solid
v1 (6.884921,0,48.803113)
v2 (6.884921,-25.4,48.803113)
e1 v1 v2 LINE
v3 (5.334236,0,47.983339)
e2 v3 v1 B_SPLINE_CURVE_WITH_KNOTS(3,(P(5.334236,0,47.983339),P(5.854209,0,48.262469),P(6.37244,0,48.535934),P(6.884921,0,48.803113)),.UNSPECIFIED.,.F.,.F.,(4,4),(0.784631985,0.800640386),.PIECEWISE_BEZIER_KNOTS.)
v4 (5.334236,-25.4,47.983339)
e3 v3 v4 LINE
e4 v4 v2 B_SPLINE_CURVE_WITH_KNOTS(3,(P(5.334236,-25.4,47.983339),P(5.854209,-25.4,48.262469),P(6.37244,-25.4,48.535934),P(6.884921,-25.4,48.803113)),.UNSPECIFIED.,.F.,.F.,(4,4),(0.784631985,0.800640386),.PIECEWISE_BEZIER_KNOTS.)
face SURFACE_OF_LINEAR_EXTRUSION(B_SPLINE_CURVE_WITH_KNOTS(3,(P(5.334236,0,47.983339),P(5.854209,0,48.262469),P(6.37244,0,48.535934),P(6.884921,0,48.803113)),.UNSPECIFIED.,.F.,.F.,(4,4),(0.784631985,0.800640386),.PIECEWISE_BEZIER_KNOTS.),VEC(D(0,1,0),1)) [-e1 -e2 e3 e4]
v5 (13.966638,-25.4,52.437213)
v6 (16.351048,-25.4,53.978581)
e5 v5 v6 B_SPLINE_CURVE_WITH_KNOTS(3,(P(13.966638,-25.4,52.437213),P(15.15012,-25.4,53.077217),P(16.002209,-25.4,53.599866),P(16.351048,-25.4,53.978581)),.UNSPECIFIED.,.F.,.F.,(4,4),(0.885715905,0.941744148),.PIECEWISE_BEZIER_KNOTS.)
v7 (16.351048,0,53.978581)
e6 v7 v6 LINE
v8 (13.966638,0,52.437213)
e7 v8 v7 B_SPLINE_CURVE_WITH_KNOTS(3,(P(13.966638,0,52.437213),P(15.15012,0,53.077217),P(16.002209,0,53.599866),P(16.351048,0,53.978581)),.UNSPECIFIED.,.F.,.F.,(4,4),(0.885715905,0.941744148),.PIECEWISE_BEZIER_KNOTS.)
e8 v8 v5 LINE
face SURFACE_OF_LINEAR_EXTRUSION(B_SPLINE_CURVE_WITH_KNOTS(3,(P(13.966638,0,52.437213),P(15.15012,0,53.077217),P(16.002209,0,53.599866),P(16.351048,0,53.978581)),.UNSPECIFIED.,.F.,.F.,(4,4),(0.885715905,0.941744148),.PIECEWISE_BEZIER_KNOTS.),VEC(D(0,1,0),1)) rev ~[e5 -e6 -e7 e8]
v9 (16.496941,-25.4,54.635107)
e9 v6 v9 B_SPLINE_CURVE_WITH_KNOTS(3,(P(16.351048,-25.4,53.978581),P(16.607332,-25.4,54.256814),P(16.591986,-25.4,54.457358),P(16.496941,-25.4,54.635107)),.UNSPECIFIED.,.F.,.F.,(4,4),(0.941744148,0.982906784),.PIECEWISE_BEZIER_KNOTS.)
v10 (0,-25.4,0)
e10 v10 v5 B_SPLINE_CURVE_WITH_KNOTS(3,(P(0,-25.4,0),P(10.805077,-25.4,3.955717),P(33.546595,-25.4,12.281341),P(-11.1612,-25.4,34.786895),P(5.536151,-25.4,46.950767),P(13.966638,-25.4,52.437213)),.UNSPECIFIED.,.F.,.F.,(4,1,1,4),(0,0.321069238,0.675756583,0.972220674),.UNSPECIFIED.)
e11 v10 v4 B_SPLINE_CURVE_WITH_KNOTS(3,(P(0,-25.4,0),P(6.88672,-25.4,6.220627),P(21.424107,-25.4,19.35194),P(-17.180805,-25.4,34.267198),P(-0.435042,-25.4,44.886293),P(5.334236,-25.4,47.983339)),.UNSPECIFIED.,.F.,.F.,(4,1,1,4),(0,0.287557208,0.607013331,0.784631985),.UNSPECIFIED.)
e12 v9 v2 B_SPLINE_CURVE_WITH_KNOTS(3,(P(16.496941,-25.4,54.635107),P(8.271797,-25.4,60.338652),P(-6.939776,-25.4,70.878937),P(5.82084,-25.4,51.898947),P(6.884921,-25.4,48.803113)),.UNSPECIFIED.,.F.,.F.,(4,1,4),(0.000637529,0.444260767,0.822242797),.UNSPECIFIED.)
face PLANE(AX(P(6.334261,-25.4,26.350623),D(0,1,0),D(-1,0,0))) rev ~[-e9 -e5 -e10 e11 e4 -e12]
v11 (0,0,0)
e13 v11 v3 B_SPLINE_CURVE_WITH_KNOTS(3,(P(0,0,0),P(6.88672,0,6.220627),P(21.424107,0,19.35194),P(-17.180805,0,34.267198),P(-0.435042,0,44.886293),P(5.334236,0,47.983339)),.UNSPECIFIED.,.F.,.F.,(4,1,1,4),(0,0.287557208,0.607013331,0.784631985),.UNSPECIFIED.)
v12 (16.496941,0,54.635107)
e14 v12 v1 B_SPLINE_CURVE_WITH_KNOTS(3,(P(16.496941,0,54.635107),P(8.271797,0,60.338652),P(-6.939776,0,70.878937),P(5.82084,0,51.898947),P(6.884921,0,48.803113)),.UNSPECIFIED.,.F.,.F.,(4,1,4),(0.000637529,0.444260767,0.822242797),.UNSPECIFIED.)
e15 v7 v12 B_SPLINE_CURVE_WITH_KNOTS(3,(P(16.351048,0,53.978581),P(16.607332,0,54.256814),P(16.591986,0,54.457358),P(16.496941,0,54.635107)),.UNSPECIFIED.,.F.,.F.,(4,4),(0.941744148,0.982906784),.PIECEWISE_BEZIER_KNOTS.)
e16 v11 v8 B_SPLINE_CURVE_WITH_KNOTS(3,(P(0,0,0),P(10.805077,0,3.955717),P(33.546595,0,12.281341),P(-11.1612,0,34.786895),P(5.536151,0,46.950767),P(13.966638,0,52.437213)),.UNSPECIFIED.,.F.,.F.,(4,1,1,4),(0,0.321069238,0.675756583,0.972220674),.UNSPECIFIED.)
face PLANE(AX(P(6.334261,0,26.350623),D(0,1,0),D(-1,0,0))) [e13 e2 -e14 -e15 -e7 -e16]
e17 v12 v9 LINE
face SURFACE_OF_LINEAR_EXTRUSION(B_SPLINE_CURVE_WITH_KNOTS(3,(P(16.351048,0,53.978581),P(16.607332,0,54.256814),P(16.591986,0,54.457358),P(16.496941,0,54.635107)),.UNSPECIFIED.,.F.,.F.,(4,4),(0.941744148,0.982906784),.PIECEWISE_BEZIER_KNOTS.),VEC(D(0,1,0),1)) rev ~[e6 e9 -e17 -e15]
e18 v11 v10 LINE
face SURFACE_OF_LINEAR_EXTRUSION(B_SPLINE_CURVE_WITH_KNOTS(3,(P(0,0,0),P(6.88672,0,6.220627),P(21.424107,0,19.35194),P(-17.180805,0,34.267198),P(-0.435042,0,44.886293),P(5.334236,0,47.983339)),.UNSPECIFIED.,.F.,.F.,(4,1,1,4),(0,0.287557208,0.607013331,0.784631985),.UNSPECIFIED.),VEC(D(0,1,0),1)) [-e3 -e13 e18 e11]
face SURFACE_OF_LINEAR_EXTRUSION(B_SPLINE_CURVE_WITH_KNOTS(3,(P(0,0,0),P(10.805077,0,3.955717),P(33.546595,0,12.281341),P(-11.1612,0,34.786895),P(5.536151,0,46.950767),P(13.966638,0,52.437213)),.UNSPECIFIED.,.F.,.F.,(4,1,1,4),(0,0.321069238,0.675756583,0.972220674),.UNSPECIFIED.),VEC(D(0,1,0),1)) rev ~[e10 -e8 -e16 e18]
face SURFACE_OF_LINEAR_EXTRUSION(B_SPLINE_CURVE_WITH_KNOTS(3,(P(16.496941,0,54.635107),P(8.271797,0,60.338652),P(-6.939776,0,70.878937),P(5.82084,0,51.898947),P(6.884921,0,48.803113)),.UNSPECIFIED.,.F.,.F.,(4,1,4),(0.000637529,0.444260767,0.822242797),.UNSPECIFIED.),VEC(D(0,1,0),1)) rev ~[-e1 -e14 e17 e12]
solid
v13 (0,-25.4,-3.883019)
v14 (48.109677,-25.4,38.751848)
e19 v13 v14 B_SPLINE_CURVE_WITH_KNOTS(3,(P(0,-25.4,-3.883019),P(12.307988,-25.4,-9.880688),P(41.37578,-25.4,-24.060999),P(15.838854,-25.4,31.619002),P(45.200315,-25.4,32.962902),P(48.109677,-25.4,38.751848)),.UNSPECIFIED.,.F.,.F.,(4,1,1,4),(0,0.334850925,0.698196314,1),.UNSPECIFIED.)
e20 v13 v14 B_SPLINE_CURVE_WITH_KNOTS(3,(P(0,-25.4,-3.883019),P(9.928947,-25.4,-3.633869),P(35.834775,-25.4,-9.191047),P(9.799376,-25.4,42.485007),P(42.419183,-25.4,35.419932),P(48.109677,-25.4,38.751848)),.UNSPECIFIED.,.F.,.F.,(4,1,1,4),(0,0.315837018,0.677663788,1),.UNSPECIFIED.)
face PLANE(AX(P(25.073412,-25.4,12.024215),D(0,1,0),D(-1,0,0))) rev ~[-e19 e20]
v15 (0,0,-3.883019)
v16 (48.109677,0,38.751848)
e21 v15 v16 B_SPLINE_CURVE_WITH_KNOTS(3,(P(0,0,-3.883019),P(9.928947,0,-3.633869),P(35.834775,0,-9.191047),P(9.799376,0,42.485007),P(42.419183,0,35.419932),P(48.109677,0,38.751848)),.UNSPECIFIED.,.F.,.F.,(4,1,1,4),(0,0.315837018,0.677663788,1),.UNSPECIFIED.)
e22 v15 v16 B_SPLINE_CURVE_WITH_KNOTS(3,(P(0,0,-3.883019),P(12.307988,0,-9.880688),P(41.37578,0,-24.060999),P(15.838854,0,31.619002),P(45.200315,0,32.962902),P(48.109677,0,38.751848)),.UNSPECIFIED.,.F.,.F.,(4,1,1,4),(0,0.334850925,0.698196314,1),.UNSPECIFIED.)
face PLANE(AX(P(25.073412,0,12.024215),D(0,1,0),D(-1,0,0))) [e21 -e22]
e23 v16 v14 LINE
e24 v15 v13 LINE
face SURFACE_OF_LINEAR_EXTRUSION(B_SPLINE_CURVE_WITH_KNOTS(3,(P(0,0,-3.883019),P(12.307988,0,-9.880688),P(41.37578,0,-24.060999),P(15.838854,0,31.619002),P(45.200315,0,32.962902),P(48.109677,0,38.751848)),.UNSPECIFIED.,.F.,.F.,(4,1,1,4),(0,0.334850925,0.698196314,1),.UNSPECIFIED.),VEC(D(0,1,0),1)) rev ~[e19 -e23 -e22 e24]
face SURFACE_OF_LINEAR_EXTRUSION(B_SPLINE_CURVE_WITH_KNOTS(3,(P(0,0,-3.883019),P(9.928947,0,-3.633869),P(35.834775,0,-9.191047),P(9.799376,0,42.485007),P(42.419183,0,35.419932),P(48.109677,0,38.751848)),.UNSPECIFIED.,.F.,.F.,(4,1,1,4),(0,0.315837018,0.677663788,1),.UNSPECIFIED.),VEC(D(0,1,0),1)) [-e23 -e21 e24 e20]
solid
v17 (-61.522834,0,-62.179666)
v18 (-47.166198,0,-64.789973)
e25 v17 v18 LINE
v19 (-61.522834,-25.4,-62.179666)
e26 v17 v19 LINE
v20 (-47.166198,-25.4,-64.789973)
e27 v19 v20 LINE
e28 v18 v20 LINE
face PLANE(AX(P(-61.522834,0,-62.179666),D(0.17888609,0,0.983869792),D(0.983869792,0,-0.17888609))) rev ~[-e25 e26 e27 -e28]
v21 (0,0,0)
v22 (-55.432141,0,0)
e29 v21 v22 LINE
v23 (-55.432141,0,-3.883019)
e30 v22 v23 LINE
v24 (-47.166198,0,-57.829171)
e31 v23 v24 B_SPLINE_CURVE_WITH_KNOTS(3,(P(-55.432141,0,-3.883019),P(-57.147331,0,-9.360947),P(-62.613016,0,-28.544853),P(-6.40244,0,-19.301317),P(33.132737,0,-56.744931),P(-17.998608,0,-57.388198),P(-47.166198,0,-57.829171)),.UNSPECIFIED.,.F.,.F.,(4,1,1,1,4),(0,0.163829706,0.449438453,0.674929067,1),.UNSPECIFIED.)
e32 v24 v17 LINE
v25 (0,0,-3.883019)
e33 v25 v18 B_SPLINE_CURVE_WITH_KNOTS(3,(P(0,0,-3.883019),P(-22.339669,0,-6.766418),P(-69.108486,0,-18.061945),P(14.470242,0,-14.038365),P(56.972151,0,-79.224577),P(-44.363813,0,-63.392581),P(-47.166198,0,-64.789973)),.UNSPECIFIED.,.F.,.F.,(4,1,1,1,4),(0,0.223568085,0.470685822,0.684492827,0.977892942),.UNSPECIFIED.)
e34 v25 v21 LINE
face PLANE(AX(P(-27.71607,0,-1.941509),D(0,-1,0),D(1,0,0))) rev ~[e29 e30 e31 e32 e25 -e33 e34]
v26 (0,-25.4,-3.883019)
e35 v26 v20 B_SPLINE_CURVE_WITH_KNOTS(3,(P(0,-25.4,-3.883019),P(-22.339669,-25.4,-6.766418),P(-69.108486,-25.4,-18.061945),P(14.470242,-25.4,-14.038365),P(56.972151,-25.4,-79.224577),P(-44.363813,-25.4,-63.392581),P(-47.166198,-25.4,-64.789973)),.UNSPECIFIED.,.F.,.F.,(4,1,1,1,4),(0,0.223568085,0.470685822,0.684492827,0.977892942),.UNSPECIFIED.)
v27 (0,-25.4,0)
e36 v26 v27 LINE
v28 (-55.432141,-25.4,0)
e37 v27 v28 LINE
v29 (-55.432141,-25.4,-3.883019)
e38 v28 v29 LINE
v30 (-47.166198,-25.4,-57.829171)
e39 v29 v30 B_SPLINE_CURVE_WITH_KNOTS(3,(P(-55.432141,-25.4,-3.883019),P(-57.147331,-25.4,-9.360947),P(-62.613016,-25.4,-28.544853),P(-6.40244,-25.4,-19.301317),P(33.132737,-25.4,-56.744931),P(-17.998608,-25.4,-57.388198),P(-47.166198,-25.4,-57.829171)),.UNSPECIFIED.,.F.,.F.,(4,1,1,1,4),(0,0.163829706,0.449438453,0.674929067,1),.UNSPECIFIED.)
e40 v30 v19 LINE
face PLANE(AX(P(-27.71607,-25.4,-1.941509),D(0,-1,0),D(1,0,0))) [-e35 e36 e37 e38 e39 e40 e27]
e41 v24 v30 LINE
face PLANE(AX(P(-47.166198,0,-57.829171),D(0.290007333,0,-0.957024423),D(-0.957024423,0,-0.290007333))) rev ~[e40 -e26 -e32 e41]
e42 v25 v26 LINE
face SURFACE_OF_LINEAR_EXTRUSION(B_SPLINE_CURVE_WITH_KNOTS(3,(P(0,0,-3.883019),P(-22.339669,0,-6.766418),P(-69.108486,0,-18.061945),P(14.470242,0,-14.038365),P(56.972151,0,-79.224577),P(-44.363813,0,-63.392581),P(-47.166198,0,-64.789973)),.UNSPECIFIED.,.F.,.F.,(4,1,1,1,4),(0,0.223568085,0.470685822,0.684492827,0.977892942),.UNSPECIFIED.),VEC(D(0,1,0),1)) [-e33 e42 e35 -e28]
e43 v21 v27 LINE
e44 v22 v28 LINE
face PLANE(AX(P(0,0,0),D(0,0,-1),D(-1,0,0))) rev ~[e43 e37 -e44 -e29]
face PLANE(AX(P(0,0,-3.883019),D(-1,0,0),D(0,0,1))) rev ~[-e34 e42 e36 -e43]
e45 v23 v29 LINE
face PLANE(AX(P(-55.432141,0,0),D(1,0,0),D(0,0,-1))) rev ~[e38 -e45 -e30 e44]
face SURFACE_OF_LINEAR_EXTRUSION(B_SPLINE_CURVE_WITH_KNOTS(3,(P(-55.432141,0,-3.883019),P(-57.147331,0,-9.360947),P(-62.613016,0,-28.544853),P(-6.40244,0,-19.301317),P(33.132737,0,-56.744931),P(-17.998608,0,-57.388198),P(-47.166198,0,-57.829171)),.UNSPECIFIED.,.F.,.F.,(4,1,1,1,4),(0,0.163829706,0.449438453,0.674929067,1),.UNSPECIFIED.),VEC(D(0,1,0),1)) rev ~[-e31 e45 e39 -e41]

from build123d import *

# Parameters (mm, degrees)
F1_DEPTH = 25.4


with BuildPart() as f1:
    # F0 (on Front) → F1 (new body)
    with BuildSketch(Plane.XZ):
        Polygon((0, -3.8830188569), (0, 0), (-32.8095592558, 0), (-55.4321408272, 0), (-55.4321408272, -3.8830188569), align=None)
        with BuildLine():
            add(Edge.make_bspline(
                [(0, -3.8830188569), (-22.3396686658, -6.7664181524), (-69.1084861348, -18.0619450276), (14.4702420451, -14.0383646496), (56.9721506391, -79.2245772506), (-44.3638130855, -63.3925810669), (-47.1661984921, -64.7899731994)],
                knots=[0, 0, 0, 0, 0.2235680847, 0.4706858224, 0.6844928274, 0.9778929424, 0.9778929424, 0.9778929424, 0.9778929424], degree=3))
            Line((0, -3.8830188569), (-55.4321408272, -3.8830188569))
            add(Edge.make_bspline(
                [(-55.4321408272, -3.8830188569), (-57.1473305919, -9.3609467626), (-62.6130160741, -28.5448533445), (-6.4024398502, -19.3013166153), (33.1327371883, -56.7449307054), (-17.9986081788, -57.3881984987), (-47.1661984921, -57.8291714191)],
                knots=[0, 0, 0, 0, 0.1638297062, 0.4494384528, 0.6749290673, 1, 1, 1, 1], degree=3))
            add(Edge.make_bspline(
                [(-47.1661984921, -57.8291714191), (-47.1661984921, -60.1494386792), (-47.1661984921, -62.4697059393), (-47.1661984921, -64.7899731994)],
                knots=[0, 0, 0, 0, 6.9608017802, 6.9608017802, 6.9608017802, 6.9608017802], degree=3))
        make_face()
        with BuildLine():
            Line((-61.522834003, -62.1796660125), (-47.1661984921, -64.7899731994))
            add(Edge.make_bspline(
                [(-47.1661984921, -57.8291714191), (-47.1661984921, -60.1494386792), (-47.1661984921, -62.4697059393), (-47.1661984921, -64.7899731994)],
                knots=[0, 0, 0, 0, 6.9608017802, 6.9608017802, 6.9608017802, 6.9608017802], degree=3))
            Line((-47.1661984921, -57.8291714191), (-61.522834003, -62.1796660125))
        make_face()
    extrude(amount=F1_DEPTH)


with BuildPart() as f1b:
    # F0 (on Front) → F1, piece 2 (new body)
    with BuildSketch(Plane.XZ):
        with BuildLine():
            add(Edge.make_bspline(
                [(0, -3.8830188569), (9.9289465404, -3.6338687787), (35.8347748597, -9.1910474421), (9.7993757977, 42.4850067761), (42.4191825597, 35.4199321557), (48.1096766889, 38.751848042)],
                knots=[0, 0, 0, 0, 0.3158370182, 0.677663788, 1, 1, 1, 1], degree=3))
            add(Edge.make_bspline(
                [(0, -3.8830188569), (12.3079884685, -9.8806879625), (41.3757800869, -24.0609993996), (15.8388542517, 31.6190019918), (45.2003145758, 32.9629019724), (48.1096766889, 38.751848042)],
                knots=[0, 0, 0, 0, 0.334850925, 0.698196314, 1, 1, 1, 1], degree=3))
        make_face()
    extrude(amount=F1_DEPTH)


with BuildPart() as f1c:
    # F0 (on Front) → F1, piece 3 (new body)
    with BuildSketch(Plane.XZ):
        with BuildLine():
            add(Edge.make_bspline(
                [(0, 0), (6.8867195335, 6.2206273049), (21.4241070417, 19.351940296), (-17.1808047998, 34.2671980223), (-0.4350416223, 44.886293105), (5.3342361736, 47.9833388277)],
                knots=[0, 0, 0, 0, 0.2875572081, 0.6070133312, 0.7846319848, 0.7846319848, 0.7846319848, 0.7846319848], degree=3))
            add(Edge.make_bspline(
                [(0, 0), (10.8050769677, 3.9557167918), (33.5465950735, 12.2813405065), (-11.1611995644, 34.7868953378), (5.5361510143, 46.950767387), (13.9666379964, 52.4372129067)],
                knots=[0, 0, 0, 0, 0.3210692379, 0.6757565827, 0.9722206742, 0.9722206742, 0.9722206742, 0.9722206742], degree=3))
            add(Edge.make_bspline(
                [(6.8849208153, 48.8031134544), (9.6084625056, 50.2230197913), (12.1695910081, 51.4654057539), (13.9666379964, 52.4372129067)],
                knots=[0.8006403858, 0.8006403858, 0.8006403858, 0.8006403858, 0.8857159052, 0.8857159052, 0.8857159052, 0.8857159052], degree=3))
            add(Edge.make_bspline(
                [(6.8849208153, 48.8031134544), (7.0058713252, 48.451220393), (7.2493558454, 47.2965846459), (6.160167473, 47.6871631986), (5.3342361736, 47.9833388277)],
                knots=[0.8222427967, 0.8222427967, 0.8222427967, 0.8222427967, 0.8652067524, 1, 1, 1, 1], degree=3))
        make_face()
        with BuildLine():
            add(Edge.make_bspline(
                [(5.3342361736, 47.9833388277), (5.8542092197, 48.2624691375), (6.3724402832, 48.5359340102), (6.8849208153, 48.8031134544)],
                knots=[0.7846319848, 0.7846319848, 0.7846319848, 0.7846319848, 0.8006403858, 0.8006403858, 0.8006403858, 0.8006403858], degree=3))
            add(Edge.make_bspline(
                [(6.8849208153, 48.8031134544), (7.0058713252, 48.451220393), (7.2493558454, 47.2965846459), (6.160167473, 47.6871631986), (5.3342361736, 47.9833388277)],
                knots=[0.8222427967, 0.8222427967, 0.8222427967, 0.8222427967, 0.8652067524, 1, 1, 1, 1], degree=3))
        make_face()
        with BuildLine():
            add(Edge.make_bspline(
                [(13.9666379964, 52.4372129067), (14.7565928395, 52.9513047046), (15.5538203714, 53.464942843), (16.3510479033, 53.9785809815)],
                knots=[0.9722206742, 0.9722206742, 0.9722206742, 0.9722206742, 1, 1, 1, 1], degree=3))
            add(Edge.make_bspline(
                [(13.9666379964, 52.4372129067), (15.1501204646, 53.0772166101), (16.0022090524, 53.5998661307), (16.3510479033, 53.9785809815)],
                knots=[0.8857159052, 0.8857159052, 0.8857159052, 0.8857159052, 0.9417441484, 0.9417441484, 0.9417441484, 0.9417441484], degree=3))
        make_face()
        with BuildLine():
            add(Edge.make_bspline(
                [(6.8849208153, 48.8031134544), (9.6084625056, 50.2230197913), (12.1695910081, 51.4654057539), (13.9666379964, 52.4372129067)],
                knots=[0.8006403858, 0.8006403858, 0.8006403858, 0.8006403858, 0.8857159052, 0.8857159052, 0.8857159052, 0.8857159052], degree=3))
            add(Edge.make_bspline(
                [(13.9666379964, 52.4372129067), (14.7565928395, 52.9513047046), (15.5538203714, 53.464942843), (16.3510479033, 53.9785809815)],
                knots=[0.9722206742, 0.9722206742, 0.9722206742, 0.9722206742, 1, 1, 1, 1], degree=3))
            add(Edge.make_bspline(
                [(16.3510479033, 53.9785809815), (16.6073316231, 54.2568138975), (16.5919864898, 54.4573581304), (16.4969410267, 54.6351072384)],
                knots=[0.9417441484, 0.9417441484, 0.9417441484, 0.9417441484, 0.9829067843, 0.9829067843, 0.9829067843, 0.9829067843], degree=3))
            add(Edge.make_bspline(
                [(16.4969410267, 54.6351072384), (8.2717965897, 60.3386520901), (-6.9397755805, 70.8789368702), (5.8208400435, 51.8989469536), (6.8849208153, 48.8031134544)],
                knots=[0.0006375287, 0.0006375287, 0.0006375287, 0.0006375287, 0.4442607669, 0.8222427967, 0.8222427967, 0.8222427967, 0.8222427967], degree=3))
        make_face()
    extrude(amount=F1_DEPTH)


solid = Compound([f1.part, f1b.part, f1c.part])
